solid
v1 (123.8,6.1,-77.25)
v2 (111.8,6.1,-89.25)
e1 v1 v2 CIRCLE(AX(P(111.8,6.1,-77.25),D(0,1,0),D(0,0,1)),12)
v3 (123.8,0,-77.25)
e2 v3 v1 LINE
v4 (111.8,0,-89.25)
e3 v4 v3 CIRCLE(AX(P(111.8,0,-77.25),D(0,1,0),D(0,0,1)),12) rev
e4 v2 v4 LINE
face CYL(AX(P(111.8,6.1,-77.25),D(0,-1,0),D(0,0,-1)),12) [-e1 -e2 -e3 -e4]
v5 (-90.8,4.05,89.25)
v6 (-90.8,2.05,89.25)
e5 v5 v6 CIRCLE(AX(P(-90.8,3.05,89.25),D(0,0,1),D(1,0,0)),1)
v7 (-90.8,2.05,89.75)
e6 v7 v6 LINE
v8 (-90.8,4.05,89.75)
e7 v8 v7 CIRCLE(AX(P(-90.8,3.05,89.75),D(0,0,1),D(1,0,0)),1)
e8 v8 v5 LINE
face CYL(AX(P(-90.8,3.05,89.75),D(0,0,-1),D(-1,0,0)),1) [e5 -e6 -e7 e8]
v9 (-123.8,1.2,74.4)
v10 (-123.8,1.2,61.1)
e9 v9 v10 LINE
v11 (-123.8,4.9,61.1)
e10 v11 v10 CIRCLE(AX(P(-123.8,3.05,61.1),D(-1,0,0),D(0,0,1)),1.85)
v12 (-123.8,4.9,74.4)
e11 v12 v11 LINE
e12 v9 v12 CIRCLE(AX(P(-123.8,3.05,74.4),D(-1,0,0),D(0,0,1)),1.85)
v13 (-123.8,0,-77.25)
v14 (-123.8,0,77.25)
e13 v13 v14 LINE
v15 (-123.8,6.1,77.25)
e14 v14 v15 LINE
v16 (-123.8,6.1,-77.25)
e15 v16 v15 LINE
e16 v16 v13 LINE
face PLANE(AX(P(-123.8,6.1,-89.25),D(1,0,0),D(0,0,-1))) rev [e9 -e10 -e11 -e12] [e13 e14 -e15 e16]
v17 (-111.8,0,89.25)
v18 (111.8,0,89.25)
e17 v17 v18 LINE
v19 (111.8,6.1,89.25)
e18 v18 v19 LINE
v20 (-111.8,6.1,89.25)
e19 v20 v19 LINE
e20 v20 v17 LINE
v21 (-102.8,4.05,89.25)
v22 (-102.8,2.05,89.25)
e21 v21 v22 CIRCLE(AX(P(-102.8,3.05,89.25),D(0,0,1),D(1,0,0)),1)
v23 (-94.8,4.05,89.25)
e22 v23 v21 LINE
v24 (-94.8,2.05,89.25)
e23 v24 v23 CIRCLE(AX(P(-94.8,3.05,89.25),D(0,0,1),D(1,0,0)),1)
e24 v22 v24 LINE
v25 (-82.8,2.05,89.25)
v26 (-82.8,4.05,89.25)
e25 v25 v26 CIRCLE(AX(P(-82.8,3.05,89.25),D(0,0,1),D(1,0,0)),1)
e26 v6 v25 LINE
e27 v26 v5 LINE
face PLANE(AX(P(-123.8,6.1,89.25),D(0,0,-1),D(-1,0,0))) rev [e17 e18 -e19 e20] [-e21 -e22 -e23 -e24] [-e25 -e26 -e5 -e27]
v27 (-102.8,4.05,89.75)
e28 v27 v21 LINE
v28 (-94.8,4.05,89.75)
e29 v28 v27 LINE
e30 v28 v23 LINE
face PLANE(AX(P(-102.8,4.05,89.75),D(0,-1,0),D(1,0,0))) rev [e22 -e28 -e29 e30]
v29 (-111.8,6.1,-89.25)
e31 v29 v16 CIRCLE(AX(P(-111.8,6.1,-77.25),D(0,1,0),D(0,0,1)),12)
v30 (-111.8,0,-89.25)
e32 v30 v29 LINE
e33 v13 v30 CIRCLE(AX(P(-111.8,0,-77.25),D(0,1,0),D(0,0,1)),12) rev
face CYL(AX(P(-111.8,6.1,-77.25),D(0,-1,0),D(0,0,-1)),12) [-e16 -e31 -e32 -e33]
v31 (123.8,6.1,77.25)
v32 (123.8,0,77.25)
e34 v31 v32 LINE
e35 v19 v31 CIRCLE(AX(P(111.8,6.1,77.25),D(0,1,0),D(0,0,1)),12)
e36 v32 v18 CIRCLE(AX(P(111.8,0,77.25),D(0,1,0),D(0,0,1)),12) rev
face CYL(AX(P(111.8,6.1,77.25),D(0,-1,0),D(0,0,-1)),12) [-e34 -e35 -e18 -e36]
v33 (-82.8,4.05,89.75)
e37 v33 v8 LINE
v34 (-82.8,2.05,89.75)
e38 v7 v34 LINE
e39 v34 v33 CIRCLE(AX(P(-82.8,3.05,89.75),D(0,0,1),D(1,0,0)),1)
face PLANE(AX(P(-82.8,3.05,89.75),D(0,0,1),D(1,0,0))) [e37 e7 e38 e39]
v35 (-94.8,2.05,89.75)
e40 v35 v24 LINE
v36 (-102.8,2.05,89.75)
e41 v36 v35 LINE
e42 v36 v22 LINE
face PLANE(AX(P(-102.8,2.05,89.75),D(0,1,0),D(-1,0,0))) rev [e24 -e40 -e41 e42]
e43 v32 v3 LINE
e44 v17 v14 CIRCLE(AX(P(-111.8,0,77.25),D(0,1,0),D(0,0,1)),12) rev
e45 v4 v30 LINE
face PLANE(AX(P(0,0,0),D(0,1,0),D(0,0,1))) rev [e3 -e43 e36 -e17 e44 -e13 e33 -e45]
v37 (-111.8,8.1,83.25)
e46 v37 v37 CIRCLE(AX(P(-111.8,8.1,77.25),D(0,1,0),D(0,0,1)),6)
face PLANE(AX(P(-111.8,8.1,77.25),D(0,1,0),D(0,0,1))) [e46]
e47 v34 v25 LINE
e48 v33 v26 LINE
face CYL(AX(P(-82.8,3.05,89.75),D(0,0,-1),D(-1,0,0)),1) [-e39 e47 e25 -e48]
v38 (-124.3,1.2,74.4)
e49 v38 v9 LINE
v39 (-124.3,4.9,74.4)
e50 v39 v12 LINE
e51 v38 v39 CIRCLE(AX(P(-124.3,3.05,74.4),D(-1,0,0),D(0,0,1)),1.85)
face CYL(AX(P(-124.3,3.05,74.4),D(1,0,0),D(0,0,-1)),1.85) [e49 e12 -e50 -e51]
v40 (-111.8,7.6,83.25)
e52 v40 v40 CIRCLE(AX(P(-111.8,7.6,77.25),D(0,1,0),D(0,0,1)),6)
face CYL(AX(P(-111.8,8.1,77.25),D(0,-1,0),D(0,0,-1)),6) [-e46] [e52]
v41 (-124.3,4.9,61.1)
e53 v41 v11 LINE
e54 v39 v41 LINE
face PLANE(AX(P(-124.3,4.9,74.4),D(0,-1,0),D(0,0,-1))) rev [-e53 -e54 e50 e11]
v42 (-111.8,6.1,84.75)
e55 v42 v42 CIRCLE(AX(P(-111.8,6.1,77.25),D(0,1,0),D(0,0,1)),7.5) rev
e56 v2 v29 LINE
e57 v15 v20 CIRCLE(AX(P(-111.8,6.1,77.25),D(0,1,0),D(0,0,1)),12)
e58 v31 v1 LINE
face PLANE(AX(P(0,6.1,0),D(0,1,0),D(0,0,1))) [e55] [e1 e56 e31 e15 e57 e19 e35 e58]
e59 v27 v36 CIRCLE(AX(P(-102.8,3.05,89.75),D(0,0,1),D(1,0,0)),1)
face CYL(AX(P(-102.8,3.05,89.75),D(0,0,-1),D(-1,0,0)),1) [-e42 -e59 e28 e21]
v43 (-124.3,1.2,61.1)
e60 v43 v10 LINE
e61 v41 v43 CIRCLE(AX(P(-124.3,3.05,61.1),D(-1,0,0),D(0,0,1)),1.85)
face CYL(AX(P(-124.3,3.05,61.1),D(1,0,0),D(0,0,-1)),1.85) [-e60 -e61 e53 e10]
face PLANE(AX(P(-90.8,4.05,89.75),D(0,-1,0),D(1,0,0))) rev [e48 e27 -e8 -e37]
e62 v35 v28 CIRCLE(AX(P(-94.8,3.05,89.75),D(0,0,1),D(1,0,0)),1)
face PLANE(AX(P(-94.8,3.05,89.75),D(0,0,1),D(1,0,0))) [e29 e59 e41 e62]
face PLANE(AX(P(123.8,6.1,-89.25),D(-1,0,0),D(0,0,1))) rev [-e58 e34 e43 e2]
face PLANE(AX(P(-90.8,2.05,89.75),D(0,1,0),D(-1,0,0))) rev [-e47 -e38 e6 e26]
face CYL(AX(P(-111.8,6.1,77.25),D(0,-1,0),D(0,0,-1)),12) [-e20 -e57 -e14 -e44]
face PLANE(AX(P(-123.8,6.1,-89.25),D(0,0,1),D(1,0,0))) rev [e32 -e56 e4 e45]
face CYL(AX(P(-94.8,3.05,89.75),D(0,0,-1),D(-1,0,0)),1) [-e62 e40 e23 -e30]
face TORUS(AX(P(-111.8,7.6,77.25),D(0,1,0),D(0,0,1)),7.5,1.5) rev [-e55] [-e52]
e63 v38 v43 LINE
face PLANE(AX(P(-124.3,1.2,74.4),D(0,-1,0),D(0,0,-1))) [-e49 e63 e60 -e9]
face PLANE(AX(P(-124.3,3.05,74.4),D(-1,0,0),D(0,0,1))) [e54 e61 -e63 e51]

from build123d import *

# Parameters (mm, degrees)
SKIZZE1_W                       = 247.6
SKIZZE1_H                       = 178.5
AUFSATZ_LINEAR_AUSTRAGEN1_DEPTH = 6.1
VERRUNDUNG1_R                   = 12
SKIZZE2_R                       = 6
AUFSATZ_LINEAR_AUSTRAGEN2_DEPTH = 2
VERRUNDUNG2_R                   = 1.5
AUFSATZ_LINEAR_AUSTRAGEN3_DEPTH = 0.5
AUFSATZ_LINEAR_AUSTRAGEN5_DEPTH = 0.5


with BuildPart() as part:
    # Skizze1 → Aufsatz-Linear austragen1 (new body)
    with BuildSketch(Plane(origin=(0, 0, 0), x_dir=(1, 0, 0), z_dir=(0, 1, 0))):
        Rectangle(SKIZZE1_W, SKIZZE1_H)
    extrude(amount=AUFSATZ_LINEAR_AUSTRAGEN1_DEPTH)

    # Verrundung1
    verrundung1_edges = [part.edges().sort_by_distance(p)[0] for p in [
        (-123.8, 3.05, -89.25),
        (123.8, 3.05, -89.25),
        (123.8, 3.05, 89.25),
        (-123.8, 3.05, 89.25),
    ]]
    fillet(verrundung1_edges, radius=VERRUNDUNG1_R)

    # Skizze2 → Aufsatz-Linear austragen2 (add)
    with BuildSketch(Plane(origin=(0, 6.1, 0), x_dir=(1, 0, 0), z_dir=(0, 1, 0))):
        with Locations((-111.8, -77.25)):
            Circle(SKIZZE2_R)
    extrude(amount=AUFSATZ_LINEAR_AUSTRAGEN2_DEPTH)

    # Verrundung2
    verrundung2_edges = [part.edges().sort_by_distance(p)[0] for p in [
        (-117.8, 6.1, 77.25),
    ]]
    fillet(verrundung2_edges, radius=VERRUNDUNG2_R)

    # Skizze3 → Aufsatz-Linear austragen3 (add)
    with BuildSketch(Plane.ZY.offset(123.8)):
        with BuildLine():
            Line((74.4, 1.2), (61.1, 1.2))
            ThreePointArc((61.1, 1.2), (59.25, 3.05), (61.1, 4.9))
            Line((61.1, 4.9), (74.4, 4.9))
            ThreePointArc((74.4, 4.9), (76.25, 3.05), (74.4, 1.2))
        make_face()
    extrude(amount=AUFSATZ_LINEAR_AUSTRAGEN3_DEPTH)

    # Skizze4 → Aufsatz-Linear austragen5 (add)
    with BuildSketch(Plane.XY.offset(89.25)):
        with BuildLine():
            Line((-102.8, 4.05), (-94.8, 4.05))
            ThreePointArc((-94.8, 4.05), (-93.8, 3.05), (-94.8, 2.05))
            Line((-94.8, 2.05), (-102.8, 2.05))
            ThreePointArc((-102.8, 2.05), (-103.8, 3.05), (-102.8, 4.05))
        make_face()
        with BuildLine():
            Line((-90.8, 4.05), (-82.8, 4.05))
            ThreePointArc((-82.8, 4.05), (-81.8, 3.05), (-82.8, 2.05))
            Line((-82.8, 2.05), (-90.8, 2.05))
            ThreePointArc((-90.8, 2.05), (-91.8, 3.05), (-90.8, 4.05))
        make_face()
    extrude(amount=AUFSATZ_LINEAR_AUSTRAGEN5_DEPTH)


solid = part.part
